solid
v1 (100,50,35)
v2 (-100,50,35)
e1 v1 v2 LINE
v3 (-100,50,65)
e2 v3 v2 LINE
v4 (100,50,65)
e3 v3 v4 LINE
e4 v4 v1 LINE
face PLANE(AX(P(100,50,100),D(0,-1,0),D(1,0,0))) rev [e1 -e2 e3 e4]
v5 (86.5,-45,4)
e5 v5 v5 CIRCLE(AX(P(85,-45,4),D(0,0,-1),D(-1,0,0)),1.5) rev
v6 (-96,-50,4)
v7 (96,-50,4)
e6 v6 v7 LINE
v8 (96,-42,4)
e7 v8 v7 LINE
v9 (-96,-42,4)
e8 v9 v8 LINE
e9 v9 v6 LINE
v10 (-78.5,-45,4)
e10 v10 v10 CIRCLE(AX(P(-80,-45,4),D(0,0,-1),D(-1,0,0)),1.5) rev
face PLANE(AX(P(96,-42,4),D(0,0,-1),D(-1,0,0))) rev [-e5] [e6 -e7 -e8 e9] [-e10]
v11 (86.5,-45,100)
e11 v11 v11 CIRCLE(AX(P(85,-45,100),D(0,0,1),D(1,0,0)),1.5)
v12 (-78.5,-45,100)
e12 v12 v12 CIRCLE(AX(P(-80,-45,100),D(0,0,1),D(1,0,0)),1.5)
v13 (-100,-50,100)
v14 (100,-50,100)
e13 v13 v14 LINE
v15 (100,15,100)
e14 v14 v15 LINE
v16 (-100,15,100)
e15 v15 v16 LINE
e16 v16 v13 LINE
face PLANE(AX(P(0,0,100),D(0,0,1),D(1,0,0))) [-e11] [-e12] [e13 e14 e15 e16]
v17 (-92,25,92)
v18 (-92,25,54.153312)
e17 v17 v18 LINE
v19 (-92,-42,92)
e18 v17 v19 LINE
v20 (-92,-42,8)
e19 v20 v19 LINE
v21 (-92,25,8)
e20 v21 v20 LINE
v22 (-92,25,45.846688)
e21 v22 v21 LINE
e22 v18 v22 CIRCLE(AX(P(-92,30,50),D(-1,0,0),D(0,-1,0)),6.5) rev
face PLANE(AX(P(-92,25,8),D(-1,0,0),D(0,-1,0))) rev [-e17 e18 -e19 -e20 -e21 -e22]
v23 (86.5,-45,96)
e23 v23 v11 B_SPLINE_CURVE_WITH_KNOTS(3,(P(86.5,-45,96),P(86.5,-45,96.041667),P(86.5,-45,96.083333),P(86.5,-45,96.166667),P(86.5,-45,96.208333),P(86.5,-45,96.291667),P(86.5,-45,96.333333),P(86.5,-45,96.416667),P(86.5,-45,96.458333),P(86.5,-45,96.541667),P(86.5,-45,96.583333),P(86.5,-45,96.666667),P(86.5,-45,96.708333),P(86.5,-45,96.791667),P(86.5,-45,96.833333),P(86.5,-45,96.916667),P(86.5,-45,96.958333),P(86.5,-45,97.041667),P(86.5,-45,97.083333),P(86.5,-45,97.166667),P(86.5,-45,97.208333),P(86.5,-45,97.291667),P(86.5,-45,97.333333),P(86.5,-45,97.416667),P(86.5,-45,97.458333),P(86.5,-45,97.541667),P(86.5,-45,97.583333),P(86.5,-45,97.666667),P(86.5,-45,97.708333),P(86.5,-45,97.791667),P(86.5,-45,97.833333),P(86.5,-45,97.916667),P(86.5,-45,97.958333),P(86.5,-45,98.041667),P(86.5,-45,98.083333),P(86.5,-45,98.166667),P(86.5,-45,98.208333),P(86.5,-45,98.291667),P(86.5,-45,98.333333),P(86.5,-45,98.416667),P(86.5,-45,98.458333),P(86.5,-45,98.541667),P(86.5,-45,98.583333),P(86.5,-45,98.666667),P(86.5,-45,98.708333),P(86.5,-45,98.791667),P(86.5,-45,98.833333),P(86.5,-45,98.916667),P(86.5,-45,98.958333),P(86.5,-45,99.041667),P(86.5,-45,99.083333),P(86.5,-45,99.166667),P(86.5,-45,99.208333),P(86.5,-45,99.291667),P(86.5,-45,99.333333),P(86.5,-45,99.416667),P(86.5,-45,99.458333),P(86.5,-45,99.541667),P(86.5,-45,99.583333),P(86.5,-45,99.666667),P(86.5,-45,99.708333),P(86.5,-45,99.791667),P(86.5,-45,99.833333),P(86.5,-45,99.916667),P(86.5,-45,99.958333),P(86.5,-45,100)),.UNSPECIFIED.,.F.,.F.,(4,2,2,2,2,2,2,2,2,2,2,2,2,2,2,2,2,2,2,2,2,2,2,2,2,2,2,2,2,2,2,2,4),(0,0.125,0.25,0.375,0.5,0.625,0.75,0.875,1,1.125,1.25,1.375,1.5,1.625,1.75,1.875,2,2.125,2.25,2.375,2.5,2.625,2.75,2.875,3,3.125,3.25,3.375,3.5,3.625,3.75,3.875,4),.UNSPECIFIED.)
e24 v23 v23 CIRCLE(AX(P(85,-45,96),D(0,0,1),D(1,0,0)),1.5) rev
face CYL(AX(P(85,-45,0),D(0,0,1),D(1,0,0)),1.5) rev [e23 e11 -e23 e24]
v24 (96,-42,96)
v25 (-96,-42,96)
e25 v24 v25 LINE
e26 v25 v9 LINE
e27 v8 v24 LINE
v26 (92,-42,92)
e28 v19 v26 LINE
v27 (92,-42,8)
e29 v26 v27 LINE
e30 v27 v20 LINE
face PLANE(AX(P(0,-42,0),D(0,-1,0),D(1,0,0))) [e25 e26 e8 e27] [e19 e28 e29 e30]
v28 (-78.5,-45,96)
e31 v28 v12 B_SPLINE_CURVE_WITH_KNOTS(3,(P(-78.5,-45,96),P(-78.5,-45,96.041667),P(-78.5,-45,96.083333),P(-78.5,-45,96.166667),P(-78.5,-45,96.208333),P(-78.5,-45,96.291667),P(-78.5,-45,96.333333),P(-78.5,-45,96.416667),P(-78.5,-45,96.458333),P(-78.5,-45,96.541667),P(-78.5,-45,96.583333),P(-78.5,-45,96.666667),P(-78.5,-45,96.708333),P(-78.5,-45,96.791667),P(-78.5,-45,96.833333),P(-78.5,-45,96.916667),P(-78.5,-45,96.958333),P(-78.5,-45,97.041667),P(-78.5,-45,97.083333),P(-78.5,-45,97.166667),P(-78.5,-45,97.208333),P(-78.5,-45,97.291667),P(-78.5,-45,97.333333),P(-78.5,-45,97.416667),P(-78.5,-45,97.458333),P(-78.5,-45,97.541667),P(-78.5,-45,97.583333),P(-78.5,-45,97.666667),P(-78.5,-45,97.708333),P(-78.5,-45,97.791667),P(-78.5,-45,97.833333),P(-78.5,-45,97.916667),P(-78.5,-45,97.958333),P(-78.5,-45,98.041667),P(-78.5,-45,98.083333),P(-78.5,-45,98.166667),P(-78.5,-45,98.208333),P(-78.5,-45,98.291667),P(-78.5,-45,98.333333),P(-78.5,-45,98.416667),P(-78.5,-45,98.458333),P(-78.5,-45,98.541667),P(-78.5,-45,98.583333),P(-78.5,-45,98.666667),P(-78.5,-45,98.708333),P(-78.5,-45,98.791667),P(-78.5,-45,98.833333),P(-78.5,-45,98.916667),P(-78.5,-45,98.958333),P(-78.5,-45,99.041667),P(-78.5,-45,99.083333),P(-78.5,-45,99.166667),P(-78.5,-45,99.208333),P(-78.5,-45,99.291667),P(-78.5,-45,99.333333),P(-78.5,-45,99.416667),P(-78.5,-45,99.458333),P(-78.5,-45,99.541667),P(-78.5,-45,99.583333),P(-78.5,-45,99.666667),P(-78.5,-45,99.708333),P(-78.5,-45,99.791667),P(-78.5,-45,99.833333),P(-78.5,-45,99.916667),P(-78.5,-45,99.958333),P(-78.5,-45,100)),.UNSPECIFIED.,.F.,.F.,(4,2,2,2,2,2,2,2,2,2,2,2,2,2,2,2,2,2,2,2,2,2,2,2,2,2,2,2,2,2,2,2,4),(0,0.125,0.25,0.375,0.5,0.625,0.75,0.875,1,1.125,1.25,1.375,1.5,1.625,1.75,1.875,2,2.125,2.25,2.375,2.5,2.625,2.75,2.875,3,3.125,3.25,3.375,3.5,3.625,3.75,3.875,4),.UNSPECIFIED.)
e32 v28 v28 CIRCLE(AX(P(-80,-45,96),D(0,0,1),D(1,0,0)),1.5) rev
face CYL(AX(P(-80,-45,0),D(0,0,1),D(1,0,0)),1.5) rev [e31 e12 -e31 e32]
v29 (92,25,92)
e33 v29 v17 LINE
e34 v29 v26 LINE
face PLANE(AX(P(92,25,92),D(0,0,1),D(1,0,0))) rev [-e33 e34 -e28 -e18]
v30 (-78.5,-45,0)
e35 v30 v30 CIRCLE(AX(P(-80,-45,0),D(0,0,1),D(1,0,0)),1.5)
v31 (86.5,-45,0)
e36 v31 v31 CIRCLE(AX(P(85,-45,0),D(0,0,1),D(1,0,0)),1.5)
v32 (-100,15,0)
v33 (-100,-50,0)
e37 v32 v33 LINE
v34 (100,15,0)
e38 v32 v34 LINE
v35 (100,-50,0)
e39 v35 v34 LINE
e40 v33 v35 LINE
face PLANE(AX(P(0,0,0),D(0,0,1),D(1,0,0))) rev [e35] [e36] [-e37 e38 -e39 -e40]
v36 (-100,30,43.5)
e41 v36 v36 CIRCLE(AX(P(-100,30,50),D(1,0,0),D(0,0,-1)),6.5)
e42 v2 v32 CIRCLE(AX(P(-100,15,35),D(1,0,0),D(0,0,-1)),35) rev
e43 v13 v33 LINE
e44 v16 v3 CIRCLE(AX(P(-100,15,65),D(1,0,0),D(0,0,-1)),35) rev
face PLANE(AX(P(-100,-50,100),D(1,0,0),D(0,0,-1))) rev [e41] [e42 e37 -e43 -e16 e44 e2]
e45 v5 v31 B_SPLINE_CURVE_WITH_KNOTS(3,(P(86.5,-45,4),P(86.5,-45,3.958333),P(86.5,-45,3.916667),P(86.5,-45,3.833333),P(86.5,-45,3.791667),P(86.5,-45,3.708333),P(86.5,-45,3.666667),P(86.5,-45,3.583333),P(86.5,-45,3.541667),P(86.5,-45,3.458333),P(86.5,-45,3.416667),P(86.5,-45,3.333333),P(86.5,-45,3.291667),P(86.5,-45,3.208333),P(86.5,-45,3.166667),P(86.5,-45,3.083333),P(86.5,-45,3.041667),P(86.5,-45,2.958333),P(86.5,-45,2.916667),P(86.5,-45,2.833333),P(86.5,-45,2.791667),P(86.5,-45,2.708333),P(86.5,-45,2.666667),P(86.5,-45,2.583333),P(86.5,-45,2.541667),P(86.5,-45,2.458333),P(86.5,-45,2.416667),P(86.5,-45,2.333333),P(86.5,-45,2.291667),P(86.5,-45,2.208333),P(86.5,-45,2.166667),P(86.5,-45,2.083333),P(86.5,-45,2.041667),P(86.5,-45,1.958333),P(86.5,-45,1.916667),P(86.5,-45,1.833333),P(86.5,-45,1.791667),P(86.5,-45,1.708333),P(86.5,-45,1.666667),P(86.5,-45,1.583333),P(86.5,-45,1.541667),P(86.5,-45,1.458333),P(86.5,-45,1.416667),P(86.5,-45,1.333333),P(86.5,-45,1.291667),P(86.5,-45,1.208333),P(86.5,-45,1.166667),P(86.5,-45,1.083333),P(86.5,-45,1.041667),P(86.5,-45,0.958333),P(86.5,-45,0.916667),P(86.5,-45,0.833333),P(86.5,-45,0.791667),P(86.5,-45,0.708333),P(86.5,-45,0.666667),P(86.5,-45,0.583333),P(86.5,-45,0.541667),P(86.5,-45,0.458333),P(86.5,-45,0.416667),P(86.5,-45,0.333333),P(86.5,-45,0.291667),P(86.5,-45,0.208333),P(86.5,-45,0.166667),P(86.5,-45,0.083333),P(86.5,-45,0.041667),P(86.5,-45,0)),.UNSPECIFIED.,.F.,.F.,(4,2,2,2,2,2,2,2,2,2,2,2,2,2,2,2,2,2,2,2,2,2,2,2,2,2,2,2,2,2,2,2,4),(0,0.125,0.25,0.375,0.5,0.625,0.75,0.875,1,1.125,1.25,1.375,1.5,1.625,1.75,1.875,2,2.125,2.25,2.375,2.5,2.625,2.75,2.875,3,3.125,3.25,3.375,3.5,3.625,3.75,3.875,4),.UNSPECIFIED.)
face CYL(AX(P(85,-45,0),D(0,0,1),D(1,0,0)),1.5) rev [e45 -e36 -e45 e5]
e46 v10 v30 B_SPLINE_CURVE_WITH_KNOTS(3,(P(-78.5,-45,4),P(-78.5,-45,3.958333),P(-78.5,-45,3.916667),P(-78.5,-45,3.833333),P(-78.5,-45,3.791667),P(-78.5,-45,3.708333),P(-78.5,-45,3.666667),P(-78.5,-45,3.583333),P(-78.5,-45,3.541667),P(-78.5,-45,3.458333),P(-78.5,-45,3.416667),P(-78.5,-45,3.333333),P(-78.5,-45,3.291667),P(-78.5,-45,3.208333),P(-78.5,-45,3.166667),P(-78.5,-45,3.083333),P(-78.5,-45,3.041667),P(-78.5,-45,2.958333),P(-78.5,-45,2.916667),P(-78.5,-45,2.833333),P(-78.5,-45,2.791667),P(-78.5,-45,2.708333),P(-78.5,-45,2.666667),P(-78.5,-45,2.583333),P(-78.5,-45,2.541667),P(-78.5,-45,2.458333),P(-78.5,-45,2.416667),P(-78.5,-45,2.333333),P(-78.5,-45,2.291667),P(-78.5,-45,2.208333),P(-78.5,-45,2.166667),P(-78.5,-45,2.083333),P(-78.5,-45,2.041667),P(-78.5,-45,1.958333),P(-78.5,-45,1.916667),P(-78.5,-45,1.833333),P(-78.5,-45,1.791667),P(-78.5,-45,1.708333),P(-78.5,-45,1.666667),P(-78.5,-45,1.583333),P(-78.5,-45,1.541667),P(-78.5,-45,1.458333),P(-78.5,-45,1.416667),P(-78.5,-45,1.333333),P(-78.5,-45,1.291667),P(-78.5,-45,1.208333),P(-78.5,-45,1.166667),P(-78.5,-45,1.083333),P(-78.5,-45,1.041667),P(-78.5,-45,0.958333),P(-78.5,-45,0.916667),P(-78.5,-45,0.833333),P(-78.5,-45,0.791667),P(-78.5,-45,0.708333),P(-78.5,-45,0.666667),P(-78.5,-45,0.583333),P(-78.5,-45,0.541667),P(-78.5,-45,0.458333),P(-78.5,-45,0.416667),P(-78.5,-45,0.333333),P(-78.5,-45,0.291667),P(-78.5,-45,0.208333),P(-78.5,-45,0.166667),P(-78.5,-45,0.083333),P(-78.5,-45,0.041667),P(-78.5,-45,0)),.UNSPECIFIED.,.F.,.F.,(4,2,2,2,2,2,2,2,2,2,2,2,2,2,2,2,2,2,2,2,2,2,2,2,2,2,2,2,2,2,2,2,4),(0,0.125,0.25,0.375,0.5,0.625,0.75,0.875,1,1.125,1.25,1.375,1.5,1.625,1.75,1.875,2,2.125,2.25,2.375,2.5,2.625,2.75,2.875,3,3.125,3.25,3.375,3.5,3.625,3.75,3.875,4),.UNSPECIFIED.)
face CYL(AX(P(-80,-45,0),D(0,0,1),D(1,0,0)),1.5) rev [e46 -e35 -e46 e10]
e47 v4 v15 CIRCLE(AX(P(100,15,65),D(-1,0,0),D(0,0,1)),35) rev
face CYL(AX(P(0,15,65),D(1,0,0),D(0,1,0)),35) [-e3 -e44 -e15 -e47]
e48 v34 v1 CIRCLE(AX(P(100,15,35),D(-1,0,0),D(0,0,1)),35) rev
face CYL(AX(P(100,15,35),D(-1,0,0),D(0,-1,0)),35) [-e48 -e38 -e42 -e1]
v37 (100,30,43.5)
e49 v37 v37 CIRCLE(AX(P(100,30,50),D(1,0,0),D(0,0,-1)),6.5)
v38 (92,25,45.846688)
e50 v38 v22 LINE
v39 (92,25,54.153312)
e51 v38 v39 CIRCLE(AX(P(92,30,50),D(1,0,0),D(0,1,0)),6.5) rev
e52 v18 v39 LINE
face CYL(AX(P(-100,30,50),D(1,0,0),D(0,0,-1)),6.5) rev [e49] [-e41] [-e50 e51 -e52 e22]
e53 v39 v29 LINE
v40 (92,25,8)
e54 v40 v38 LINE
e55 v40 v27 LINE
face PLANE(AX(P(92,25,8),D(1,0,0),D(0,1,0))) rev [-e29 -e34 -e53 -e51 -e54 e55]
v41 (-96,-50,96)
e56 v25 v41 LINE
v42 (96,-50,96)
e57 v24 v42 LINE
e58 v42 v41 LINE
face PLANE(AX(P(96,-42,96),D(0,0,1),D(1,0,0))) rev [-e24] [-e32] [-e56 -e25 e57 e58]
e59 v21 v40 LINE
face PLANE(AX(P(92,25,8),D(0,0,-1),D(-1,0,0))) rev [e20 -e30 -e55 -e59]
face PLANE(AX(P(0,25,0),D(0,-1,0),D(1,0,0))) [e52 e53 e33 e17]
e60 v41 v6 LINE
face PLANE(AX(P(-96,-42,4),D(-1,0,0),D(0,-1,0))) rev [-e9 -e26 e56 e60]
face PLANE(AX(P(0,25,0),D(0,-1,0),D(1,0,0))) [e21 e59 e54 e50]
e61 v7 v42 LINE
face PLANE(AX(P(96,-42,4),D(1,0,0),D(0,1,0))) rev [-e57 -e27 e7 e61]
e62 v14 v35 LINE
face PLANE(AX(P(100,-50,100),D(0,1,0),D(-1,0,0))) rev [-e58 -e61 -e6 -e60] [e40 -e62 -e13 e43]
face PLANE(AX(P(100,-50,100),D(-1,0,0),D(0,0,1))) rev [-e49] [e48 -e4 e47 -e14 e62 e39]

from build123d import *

# Parameters (mm, degrees)
ESQUISSE1_W             = 200
ESQUISSE1_H             = 100
BOSS_EXTRU_1_DEPTH      = 100
ESQUISSE2_R             = 6.5
ENL_V_MAT_EXTRU_1_DEPTH = 230.128784748
ESQUISSE4_R             = 1.5
ENL_V_MAT_EXTRU_3_DEPTH = 151
ESQUISSE8_W             = 184
ESQUISSE8_H             = 84
ENL_V_MAT_EXTRU_8_DEPTH = 75
ESQUISSE9_W             = 192
ESQUISSE9_H             = 92
ENL_V_MAT_EXTRU_9_DEPTH = 8
CONG_2_R                = 35


with BuildPart() as part:
    # Esquisse1 → Boss.-Extru.1 (new body)
    with BuildSketch(Plane.XY):
        Rectangle(ESQUISSE1_W, ESQUISSE1_H)
    extrude(amount=BOSS_EXTRU_1_DEPTH)

    # Esquisse2 → Enlèv. mat.-Extru.1 (cut, through all)
    with BuildSketch(Plane(origin=(100, 0, 0), x_dir=(0, 0, -1), z_dir=(1, 0, 0))):
        with Locations((-50, 30)):
            Circle(ESQUISSE2_R)
    extrude(amount=-ENL_V_MAT_EXTRU_1_DEPTH, mode=Mode.SUBTRACT)

    # Esquisse4 → Enlèv. mat.-Extru.3 (cut, through all)
    with BuildSketch(Plane.XY.offset(100)):
        with Locations((85, -45)):
            Circle(ESQUISSE4_R)
        with Locations((-80, -45)):
            Circle(ESQUISSE4_R)
    extrude(amount=-ENL_V_MAT_EXTRU_3_DEPTH, mode=Mode.SUBTRACT)

    # Esquisse8 → Enlèv. mat.-Extru.8 (cut)
    with BuildSketch(Plane.XZ.offset(50)):
        with Locations((0, 50)):
            Rectangle(ESQUISSE8_W, ESQUISSE8_H)
    extrude(amount=-ENL_V_MAT_EXTRU_8_DEPTH, mode=Mode.SUBTRACT)

    # Esquisse9 → Enlèv. mat.-Extru.9 (cut)
    with BuildSketch(Plane.XZ.offset(50)):
        with Locations((0, 50)):
            Rectangle(ESQUISSE9_W, ESQUISSE9_H)
    extrude(amount=-ENL_V_MAT_EXTRU_9_DEPTH, mode=Mode.SUBTRACT)

    # Congé2
    cong_2_edges = [part.edges().sort_by_distance(p)[0] for p in [
        (0, 50, 100),
        (0, 50, 0),
    ]]
    fillet(cong_2_edges, radius=CONG_2_R)


solid = part.part
